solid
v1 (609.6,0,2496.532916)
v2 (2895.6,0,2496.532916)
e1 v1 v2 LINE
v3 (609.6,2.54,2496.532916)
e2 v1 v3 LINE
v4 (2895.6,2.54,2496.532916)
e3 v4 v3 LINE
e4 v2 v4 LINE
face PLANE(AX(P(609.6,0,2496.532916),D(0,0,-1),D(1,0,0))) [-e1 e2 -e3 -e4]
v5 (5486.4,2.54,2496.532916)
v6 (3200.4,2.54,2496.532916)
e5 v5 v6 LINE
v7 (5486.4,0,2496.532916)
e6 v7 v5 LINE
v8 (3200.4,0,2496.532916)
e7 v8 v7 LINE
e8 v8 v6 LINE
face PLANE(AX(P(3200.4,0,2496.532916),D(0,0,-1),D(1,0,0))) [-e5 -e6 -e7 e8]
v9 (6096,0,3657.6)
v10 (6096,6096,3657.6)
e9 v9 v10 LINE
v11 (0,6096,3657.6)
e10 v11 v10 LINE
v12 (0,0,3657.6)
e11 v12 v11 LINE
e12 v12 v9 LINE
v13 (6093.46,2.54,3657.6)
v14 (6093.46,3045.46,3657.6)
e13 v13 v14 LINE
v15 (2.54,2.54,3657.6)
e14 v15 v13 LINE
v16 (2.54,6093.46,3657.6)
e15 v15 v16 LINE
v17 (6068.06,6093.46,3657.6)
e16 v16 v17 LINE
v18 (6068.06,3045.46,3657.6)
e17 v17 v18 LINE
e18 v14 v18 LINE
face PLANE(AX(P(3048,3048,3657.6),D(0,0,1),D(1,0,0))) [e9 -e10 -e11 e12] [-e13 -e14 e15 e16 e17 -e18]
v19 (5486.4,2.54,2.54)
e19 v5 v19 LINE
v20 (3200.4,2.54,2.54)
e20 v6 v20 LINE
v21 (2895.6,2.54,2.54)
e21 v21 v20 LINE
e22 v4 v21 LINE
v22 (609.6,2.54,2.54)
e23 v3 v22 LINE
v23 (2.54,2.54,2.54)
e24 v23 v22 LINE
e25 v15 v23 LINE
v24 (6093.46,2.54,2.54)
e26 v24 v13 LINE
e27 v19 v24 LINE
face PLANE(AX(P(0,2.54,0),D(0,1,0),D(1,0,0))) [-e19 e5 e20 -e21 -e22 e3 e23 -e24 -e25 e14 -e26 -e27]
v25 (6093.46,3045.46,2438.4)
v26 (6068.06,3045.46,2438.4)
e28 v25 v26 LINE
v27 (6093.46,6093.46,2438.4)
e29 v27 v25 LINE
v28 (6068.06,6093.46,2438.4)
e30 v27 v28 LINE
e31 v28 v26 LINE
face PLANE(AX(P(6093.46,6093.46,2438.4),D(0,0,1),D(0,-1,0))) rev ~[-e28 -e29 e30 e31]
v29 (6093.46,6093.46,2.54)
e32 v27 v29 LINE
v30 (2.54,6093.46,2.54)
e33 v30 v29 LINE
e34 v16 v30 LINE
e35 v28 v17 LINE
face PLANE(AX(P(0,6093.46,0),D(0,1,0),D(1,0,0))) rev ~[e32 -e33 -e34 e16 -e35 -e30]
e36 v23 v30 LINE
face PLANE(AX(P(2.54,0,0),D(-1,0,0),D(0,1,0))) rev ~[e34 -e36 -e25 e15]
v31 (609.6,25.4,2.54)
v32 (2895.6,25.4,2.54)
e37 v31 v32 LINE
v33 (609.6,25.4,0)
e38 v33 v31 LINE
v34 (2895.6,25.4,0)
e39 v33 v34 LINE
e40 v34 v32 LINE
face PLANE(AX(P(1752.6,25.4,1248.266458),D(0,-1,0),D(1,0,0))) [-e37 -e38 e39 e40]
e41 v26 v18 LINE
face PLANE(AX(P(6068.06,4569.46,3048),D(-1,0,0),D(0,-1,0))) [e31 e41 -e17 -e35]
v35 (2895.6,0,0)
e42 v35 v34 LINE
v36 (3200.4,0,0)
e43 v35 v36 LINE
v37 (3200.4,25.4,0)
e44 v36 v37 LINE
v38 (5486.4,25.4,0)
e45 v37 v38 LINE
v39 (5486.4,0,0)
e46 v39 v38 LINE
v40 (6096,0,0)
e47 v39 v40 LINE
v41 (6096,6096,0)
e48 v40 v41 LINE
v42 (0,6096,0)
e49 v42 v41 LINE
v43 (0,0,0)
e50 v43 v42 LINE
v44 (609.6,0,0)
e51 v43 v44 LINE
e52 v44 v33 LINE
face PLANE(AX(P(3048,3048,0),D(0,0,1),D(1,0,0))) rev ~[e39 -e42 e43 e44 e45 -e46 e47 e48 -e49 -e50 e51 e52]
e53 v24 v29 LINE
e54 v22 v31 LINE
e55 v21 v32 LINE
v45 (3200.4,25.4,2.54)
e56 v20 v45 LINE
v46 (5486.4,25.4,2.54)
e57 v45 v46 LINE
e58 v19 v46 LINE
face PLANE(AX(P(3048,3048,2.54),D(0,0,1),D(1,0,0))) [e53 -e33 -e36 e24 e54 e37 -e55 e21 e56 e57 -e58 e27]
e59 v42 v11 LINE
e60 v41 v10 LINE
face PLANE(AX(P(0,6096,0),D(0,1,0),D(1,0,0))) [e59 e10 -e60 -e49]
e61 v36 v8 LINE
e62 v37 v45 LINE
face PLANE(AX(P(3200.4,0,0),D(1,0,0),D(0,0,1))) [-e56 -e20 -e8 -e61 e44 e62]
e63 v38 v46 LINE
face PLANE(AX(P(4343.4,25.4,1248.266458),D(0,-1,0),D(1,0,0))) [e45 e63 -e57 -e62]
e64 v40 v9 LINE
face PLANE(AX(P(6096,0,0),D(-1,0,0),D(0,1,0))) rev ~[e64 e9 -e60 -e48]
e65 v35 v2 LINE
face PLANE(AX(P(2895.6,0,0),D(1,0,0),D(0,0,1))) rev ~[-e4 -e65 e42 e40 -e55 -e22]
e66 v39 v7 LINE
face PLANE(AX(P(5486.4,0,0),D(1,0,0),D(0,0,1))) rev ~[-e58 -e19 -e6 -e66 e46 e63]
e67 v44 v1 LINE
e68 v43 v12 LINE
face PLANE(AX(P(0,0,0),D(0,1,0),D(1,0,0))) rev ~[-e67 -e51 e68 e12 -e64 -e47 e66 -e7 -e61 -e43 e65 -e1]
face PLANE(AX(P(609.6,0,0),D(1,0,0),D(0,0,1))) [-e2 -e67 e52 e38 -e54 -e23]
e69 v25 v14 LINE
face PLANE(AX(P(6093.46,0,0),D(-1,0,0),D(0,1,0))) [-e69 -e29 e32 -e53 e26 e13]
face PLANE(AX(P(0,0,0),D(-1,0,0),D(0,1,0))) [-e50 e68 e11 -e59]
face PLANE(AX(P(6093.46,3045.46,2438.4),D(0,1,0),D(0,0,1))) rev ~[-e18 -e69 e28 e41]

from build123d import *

# Parameters (mm, degrees)
F0_W     = 6096
F0_H     = 6096
F1_DEPTH = 3657.6
F2_T     = -2.54
F3_W     = 2286
F3_H     = 2496.532917
F4_DEPTH = 25.4
F5_W     = 3048
F5_H     = 1219.2
F6_DEPTH = 25.4


with BuildPart() as f1:
    # F0 (on Top) → F1 (new body)
    with BuildSketch(Plane.XY):
        with Locations((3048, 3048)):
            Rectangle(F0_W, F0_H)
    extrude(amount=F1_DEPTH)

    # F2
    f2_openings = [f1.faces().sort_by_distance(p)[0] for p in [
        (3048, 3048, 3657.6),
    ]]
    offset(amount=F2_T, openings=f2_openings)

    # F3 (on face) → F4 (cut)
    with BuildSketch(Plane.XZ):
        with Locations((1752.6, 1248.266458)):
            Rectangle(F3_W, F3_H)
        with Locations((4343.4, 1248.266458)):
            Rectangle(F3_W, F3_H)
    extrude(amount=-F4_DEPTH, mode=Mode.SUBTRACT)

    # F5 (on face) → F6 (join)
    with BuildSketch(Plane(origin=(6093.46, 0, 0), x_dir=(0, -1, 0), z_dir=(-1, 0, 0))):
        with Locations((-4569.46, 3048)):
            Rectangle(F5_W, F5_H)
    extrude(amount=F6_DEPTH)


solid = f1.part
